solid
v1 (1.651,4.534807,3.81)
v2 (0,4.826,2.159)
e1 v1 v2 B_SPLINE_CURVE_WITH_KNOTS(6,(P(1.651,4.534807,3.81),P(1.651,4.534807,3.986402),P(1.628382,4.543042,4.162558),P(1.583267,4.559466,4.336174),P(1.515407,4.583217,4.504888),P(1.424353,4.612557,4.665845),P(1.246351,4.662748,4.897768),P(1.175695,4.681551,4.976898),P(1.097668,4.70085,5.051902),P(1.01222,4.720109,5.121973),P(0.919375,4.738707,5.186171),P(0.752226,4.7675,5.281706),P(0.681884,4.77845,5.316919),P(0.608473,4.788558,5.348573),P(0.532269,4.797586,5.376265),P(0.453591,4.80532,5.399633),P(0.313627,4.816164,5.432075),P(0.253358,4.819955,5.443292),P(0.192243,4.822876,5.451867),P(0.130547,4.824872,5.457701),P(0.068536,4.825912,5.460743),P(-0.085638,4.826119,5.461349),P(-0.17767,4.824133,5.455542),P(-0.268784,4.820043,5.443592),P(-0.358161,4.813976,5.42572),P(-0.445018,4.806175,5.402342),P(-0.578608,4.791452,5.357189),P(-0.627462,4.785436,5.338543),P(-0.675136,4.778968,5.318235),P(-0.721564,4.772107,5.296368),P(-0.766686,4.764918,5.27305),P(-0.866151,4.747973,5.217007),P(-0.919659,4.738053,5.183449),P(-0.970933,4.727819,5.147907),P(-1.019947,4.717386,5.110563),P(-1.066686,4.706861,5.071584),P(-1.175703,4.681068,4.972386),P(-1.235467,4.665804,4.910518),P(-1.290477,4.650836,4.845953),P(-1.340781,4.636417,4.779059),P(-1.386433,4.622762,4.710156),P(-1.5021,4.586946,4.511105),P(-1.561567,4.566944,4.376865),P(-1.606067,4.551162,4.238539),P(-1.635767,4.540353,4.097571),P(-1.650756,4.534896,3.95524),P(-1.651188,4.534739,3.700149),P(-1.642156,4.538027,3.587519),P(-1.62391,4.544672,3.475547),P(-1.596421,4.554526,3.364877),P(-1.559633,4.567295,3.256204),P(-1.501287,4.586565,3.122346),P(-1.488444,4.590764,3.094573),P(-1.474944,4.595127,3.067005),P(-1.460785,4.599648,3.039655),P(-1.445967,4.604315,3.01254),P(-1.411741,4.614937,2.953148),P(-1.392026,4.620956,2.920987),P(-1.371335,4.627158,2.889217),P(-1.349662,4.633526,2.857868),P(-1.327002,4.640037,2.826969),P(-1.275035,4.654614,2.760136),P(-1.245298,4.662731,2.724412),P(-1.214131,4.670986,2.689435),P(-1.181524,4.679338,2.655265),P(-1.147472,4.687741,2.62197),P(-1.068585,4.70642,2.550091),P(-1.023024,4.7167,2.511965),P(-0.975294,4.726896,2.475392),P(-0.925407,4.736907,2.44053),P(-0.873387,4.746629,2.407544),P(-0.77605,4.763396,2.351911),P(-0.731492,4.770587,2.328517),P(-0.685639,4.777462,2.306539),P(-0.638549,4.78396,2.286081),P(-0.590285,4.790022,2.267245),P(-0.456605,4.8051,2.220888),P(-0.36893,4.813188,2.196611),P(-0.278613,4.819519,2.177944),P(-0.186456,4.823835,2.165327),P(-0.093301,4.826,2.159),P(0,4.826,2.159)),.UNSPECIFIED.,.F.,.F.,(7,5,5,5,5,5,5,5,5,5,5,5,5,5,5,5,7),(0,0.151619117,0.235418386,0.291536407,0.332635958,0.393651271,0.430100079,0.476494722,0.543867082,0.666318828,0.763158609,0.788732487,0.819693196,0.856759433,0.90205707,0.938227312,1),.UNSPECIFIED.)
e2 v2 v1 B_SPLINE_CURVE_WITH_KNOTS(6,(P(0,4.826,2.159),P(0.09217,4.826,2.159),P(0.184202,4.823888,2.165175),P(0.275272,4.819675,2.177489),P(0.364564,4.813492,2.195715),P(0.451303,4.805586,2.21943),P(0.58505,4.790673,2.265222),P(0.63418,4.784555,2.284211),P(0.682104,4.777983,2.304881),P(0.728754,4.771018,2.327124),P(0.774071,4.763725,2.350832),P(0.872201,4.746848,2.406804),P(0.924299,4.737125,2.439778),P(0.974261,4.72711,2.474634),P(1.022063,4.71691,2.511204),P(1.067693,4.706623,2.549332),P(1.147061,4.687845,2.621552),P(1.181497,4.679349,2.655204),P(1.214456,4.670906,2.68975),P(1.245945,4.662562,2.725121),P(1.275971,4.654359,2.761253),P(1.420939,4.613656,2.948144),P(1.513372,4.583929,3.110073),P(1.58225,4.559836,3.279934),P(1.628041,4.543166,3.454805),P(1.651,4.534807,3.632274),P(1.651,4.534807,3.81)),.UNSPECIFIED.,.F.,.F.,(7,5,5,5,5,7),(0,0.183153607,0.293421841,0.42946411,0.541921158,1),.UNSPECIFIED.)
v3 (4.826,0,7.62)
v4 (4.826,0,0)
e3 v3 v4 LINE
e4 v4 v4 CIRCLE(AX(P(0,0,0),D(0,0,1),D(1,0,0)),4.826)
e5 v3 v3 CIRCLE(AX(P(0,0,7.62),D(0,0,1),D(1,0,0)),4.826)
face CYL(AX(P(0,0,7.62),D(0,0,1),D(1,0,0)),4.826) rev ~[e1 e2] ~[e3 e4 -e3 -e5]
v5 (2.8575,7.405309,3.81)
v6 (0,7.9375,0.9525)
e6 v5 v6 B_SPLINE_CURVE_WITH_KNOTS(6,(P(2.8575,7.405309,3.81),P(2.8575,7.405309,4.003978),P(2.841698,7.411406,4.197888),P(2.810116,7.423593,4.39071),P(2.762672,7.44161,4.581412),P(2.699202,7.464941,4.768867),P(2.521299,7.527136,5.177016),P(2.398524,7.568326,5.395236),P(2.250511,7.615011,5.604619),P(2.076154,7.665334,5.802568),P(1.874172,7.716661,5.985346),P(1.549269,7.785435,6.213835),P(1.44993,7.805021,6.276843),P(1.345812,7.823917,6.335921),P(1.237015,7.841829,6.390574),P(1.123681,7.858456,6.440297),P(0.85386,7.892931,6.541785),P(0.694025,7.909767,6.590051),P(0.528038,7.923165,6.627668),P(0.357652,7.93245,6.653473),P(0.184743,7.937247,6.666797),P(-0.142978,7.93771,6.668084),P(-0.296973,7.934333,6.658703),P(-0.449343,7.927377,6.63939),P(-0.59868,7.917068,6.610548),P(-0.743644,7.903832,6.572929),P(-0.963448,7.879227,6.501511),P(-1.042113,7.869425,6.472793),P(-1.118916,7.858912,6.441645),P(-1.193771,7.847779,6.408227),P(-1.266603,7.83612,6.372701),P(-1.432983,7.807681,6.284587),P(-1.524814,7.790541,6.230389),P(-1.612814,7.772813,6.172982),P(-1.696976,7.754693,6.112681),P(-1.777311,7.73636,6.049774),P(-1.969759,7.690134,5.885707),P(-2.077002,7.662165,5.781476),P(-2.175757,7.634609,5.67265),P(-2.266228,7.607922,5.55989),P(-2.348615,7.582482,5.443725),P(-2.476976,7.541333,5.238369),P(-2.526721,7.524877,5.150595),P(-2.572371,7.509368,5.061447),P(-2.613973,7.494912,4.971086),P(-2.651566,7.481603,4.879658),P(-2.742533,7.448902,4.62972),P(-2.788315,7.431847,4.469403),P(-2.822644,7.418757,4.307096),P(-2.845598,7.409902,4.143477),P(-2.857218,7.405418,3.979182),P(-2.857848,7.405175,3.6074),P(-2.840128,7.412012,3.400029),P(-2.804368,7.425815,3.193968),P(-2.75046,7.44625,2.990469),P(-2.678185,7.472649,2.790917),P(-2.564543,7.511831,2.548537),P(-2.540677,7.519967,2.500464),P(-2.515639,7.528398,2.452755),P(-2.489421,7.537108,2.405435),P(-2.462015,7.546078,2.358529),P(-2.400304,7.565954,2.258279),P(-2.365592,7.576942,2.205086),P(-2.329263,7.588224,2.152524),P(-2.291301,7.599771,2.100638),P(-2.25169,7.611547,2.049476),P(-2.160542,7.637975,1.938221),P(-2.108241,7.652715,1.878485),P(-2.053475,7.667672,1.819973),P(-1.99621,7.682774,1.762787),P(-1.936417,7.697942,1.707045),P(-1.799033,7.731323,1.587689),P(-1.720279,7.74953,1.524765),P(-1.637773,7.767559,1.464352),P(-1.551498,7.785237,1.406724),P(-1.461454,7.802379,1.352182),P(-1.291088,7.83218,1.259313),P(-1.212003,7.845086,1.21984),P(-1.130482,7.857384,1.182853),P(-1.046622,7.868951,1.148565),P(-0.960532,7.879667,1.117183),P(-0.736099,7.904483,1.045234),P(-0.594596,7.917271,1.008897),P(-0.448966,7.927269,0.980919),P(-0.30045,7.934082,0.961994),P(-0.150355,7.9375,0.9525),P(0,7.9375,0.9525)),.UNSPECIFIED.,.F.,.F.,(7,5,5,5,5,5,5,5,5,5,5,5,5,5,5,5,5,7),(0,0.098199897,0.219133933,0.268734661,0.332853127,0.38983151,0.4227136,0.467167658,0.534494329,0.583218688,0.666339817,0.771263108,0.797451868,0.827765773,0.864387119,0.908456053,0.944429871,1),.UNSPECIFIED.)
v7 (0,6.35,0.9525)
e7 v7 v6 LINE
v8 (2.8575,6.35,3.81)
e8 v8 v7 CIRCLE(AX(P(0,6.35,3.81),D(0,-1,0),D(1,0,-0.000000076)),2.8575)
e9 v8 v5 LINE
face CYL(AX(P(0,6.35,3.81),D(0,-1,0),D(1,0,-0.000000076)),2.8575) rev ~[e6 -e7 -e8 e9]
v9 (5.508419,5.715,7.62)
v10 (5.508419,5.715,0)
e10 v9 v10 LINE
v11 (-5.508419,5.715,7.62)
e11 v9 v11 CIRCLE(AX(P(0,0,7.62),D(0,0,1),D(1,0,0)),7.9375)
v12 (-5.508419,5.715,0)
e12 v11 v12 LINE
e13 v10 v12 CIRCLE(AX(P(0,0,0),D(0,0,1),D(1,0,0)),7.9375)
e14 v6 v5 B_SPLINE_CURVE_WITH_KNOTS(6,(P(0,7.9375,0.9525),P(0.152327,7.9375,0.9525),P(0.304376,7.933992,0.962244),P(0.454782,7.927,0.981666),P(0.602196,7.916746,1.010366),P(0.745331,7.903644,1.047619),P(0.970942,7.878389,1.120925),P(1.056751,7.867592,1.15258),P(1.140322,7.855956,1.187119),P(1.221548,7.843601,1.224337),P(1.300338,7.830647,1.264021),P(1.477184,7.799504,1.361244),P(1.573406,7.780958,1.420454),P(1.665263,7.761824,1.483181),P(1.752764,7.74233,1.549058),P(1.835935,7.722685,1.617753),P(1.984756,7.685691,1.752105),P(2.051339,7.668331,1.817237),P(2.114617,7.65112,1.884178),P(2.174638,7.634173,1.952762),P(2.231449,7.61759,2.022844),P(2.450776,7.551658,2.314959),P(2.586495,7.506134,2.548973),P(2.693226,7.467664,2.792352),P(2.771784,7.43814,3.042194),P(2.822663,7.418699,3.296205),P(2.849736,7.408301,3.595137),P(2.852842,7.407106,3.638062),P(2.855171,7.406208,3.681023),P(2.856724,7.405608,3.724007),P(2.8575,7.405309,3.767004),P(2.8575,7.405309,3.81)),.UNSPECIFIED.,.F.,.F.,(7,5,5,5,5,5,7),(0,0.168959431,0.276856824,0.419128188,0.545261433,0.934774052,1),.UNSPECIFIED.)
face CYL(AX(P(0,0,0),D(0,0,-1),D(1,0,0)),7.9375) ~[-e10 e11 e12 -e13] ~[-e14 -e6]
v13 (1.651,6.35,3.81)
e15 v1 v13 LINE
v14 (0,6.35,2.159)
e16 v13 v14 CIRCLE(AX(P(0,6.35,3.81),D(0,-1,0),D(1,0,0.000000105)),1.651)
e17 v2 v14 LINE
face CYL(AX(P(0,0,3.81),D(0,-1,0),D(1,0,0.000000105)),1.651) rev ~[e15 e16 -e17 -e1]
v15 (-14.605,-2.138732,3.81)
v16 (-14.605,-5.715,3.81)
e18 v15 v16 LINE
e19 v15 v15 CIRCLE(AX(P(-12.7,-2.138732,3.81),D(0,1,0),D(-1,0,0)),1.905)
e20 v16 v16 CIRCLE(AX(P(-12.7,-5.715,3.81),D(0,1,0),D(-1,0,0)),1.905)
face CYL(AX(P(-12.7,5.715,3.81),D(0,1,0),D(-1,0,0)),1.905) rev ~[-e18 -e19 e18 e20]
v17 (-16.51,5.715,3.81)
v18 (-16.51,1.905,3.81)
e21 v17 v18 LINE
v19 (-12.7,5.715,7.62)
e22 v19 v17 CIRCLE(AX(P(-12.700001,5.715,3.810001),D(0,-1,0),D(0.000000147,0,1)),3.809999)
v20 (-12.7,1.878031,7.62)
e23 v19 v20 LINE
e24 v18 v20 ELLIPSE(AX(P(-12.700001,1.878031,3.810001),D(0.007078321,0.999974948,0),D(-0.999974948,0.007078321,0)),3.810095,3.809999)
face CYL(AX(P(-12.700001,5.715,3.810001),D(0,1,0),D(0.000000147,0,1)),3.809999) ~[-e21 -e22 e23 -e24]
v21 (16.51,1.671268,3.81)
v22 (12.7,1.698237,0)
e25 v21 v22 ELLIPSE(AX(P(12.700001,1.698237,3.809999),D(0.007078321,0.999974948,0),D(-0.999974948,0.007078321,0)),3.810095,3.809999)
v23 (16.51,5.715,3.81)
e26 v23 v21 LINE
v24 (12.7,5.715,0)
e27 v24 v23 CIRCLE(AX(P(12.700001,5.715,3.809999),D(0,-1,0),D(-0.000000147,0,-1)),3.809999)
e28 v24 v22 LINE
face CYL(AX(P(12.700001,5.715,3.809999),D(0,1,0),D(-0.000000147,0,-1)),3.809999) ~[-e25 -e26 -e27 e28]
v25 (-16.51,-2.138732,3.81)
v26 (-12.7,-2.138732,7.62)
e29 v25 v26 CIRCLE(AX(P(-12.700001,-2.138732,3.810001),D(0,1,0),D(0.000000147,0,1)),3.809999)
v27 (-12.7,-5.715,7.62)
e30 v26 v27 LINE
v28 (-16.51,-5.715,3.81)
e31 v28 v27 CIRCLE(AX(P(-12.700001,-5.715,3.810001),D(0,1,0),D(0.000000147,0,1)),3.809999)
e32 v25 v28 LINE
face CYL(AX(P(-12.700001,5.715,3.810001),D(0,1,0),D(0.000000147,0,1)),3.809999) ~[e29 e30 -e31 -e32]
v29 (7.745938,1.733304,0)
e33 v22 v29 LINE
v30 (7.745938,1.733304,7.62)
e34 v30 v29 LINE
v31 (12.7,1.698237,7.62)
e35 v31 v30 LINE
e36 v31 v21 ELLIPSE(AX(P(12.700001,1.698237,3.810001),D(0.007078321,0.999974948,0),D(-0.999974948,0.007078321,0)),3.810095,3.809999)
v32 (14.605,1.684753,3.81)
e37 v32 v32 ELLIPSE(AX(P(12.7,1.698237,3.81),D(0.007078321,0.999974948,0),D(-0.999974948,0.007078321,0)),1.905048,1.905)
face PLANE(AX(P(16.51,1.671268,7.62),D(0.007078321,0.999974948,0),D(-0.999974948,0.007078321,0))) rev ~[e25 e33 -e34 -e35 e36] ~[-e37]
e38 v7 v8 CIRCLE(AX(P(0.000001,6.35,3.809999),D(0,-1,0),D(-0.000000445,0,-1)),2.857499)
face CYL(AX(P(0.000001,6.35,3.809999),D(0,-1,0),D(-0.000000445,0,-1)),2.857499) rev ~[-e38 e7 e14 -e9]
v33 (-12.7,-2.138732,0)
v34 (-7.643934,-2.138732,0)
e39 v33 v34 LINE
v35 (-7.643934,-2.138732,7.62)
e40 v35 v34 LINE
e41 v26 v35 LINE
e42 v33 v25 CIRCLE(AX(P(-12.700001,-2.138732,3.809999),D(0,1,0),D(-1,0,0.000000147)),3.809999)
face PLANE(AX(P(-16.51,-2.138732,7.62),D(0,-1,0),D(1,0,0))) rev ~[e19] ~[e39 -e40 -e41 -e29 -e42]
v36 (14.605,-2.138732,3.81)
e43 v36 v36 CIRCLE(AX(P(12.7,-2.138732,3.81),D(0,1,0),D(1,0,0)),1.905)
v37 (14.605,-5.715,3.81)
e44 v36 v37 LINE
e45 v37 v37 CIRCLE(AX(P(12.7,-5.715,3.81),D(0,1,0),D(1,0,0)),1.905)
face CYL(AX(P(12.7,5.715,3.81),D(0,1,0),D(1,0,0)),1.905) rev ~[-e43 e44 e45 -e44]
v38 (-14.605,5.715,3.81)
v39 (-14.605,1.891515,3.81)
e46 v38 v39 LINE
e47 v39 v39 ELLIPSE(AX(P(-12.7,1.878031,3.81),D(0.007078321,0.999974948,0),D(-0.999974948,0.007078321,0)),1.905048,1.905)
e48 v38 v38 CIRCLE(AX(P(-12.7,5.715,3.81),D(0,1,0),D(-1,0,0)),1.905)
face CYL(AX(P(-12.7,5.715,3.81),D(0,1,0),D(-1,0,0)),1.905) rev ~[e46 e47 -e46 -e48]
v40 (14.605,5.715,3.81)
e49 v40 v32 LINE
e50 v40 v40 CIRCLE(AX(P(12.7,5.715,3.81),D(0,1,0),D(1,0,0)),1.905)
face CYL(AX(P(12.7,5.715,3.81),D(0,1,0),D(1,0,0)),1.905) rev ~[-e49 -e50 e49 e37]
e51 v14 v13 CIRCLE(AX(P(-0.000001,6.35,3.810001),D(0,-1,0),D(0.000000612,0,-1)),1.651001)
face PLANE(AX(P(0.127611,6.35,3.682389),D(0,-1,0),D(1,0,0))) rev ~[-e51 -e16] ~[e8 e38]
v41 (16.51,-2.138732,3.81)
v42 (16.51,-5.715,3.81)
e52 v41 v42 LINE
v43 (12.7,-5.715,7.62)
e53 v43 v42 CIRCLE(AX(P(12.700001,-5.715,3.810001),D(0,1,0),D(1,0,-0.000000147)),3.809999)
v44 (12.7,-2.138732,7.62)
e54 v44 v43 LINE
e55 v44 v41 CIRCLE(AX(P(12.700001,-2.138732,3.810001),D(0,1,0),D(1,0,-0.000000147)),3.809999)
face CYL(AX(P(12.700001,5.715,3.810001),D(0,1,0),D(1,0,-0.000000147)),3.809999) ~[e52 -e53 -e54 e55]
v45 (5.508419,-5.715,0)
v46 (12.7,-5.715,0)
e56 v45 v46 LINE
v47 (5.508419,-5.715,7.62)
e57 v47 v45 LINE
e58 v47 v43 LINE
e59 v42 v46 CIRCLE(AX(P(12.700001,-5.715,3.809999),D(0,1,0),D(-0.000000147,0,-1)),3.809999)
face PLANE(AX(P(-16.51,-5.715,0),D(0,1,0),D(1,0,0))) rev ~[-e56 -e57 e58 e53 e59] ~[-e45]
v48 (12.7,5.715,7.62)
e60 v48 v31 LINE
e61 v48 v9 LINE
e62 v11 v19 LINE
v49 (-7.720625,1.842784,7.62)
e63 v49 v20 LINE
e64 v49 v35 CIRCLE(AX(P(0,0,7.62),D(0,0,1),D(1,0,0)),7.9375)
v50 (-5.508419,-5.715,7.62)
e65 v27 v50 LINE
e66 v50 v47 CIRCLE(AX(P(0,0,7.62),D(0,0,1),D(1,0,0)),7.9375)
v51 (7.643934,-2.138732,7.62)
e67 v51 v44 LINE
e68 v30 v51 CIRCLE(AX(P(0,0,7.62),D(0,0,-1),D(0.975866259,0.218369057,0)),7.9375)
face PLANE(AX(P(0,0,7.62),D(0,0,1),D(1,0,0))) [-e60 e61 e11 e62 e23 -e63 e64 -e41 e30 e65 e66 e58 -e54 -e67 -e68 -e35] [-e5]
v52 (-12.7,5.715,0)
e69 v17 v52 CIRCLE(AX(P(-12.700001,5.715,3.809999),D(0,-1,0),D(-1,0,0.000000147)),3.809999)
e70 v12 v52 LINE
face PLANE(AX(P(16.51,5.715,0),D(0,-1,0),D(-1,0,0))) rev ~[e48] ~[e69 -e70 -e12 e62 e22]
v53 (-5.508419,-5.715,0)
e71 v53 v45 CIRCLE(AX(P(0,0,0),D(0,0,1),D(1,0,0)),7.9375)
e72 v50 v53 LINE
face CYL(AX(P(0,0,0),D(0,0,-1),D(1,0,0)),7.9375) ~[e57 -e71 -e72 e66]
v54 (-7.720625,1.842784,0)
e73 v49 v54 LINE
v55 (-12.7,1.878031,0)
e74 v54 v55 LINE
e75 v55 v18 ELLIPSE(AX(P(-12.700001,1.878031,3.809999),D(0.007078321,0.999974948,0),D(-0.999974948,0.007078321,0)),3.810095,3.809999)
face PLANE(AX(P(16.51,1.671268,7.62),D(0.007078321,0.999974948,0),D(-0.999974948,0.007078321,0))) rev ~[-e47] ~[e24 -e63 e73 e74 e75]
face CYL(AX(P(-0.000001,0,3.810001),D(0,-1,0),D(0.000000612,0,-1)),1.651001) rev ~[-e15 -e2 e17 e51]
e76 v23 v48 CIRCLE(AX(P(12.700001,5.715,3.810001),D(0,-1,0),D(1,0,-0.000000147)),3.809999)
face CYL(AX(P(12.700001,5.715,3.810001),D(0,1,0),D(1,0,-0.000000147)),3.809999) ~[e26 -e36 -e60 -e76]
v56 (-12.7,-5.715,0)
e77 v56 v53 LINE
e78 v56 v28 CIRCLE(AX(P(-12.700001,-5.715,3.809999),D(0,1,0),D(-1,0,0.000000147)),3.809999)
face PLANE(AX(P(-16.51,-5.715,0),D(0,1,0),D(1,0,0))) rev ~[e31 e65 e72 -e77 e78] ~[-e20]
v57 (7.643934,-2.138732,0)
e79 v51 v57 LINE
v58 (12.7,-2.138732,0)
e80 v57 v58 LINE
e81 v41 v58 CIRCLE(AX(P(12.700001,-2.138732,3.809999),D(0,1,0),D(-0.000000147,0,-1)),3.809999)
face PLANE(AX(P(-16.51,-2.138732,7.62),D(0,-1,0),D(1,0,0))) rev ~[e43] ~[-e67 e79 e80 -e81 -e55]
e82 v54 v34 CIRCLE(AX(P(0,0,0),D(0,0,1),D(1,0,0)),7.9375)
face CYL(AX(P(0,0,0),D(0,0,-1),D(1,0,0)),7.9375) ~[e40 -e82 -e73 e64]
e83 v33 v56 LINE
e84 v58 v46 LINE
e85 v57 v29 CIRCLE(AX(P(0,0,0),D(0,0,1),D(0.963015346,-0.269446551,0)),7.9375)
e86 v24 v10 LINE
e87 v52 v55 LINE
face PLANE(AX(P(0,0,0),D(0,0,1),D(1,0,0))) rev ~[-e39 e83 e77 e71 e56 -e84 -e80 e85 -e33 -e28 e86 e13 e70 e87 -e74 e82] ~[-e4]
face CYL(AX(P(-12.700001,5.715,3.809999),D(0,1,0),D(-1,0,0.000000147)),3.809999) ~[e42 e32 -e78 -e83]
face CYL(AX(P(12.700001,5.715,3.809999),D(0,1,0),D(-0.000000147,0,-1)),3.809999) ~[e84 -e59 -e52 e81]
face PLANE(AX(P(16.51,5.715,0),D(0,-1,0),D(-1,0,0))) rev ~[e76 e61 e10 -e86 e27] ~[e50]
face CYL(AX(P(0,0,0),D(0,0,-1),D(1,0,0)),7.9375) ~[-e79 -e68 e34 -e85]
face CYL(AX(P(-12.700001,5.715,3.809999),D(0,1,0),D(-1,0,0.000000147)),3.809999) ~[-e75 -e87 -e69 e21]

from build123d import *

# Parameters (mm, degrees)
F1_DEPTH  = 7.62
F3_DEPTH  = 7.62
F4_R      = 1.905
F5_DEPTH  = 11.431
F6_R      = 7.9375
F7_DEPTH  = 7.62
F8_R      = 4.826
F9_DEPTH  = 25.4
F11_DEPTH = 25.4
F14_DEPTH = 25.4


with BuildPart() as f1:
    # F0 (on Top) → F1 (new body)
    with BuildSketch(Plane.XY):
        Polygon((-16.51, -5.715), (0, -5.715), (16.51, -5.715), (16.51, 5.715), (-16.51, 5.715), align=None)
    extrude(amount=F1_DEPTH)

    # F2 (on face) → F3 (cut)
    with BuildSketch(Plane.XY.offset(7.62)):
        Polygon((-16.51, 1.905), (-16.51, 0), (-16.51, -2.138732), (16.51, -2.138732), (16.51, 1.671268), align=None)
    extrude(amount=-F3_DEPTH, mode=Mode.SUBTRACT)

    # F4 (on face) → F5 (cut, through all)
    with BuildSketch(Plane(origin=(0, 5.715, 0), x_dir=(-1, 0, 0), z_dir=(0, 1, 0))):
        with Locations((12.7, 3.81)):
            Circle(F4_R)
        with BuildLine():
            Line((16.51, 0), (16.51, 3.81))
            ThreePointArc((16.51, 3.81), (15.394077, 1.115923), (12.7, 0))
            Line((12.7, 0), (16.51, 0))
        make_face()
        with BuildLine():
            ThreePointArc((12.7, 7.62), (15.394077, 6.504077), (16.51, 3.81))
            Line((16.51, 3.81), (16.51, 7.62))
            Line((16.51, 7.62), (12.7, 7.62))
        make_face()
        with BuildLine():
            ThreePointArc((-10.795, 3.81), (-12.7, 5.715), (-14.605, 3.81))
            ThreePointArc((-14.605, 3.81), (-12.7, 1.905), (-10.795, 3.81))
        make_face()
        with BuildLine():
            Line((-16.51, 7.62), (-16.51, 3.81))
            ThreePointArc((-16.51, 3.81), (-15.394077, 6.504077), (-12.7, 7.62))
            Line((-12.7, 7.62), (-16.51, 7.62))
        make_face()
        with BuildLine():
            ThreePointArc((-12.7, 0), (-15.394077, 1.115923), (-16.51, 3.81))
            Line((-16.51, 3.81), (-16.51, 0))
            Line((-16.51, 0), (-12.7, 0))
        make_face()
    extrude(amount=-F5_DEPTH, mode=Mode.SUBTRACT)

    # F6 (on Top) → F7 (join, through all)
    with BuildSketch(Plane.XY):
        Circle(F6_R)
    extrude(amount=F7_DEPTH)

    # F8 (on face) → F9 (cut)
    with BuildSketch(Plane.XY.offset(7.62)):
        Circle(F8_R)
    extrude(amount=-F9_DEPTH, mode=Mode.SUBTRACT)

    # F10 (on Front) → F11 (cut)
    with BuildSketch(Plane.XZ):
        with BuildLine():
            ThreePointArc((0, 2.159), (1.167433, 2.642567), (1.651, 3.81))
            ThreePointArc((1.651, 3.81), (-1.167433, 4.977433), (0, 2.159))
        make_face()
    extrude(amount=-F11_DEPTH, mode=Mode.SUBTRACT)

    # F13 (on offset) → F14 (cut)
    with BuildSketch(Plane.XZ.offset(-6.35)):
        with BuildLine():
            ThreePointArc((0, 0.9525), (2.020558, 1.789442), (2.8575, 3.81))
            ThreePointArc((2.8575, 3.81), (-2.020558, 5.830558), (0, 0.9525))
        make_face()
    extrude(amount=-F14_DEPTH, mode=Mode.SUBTRACT)


solid = f1.part
